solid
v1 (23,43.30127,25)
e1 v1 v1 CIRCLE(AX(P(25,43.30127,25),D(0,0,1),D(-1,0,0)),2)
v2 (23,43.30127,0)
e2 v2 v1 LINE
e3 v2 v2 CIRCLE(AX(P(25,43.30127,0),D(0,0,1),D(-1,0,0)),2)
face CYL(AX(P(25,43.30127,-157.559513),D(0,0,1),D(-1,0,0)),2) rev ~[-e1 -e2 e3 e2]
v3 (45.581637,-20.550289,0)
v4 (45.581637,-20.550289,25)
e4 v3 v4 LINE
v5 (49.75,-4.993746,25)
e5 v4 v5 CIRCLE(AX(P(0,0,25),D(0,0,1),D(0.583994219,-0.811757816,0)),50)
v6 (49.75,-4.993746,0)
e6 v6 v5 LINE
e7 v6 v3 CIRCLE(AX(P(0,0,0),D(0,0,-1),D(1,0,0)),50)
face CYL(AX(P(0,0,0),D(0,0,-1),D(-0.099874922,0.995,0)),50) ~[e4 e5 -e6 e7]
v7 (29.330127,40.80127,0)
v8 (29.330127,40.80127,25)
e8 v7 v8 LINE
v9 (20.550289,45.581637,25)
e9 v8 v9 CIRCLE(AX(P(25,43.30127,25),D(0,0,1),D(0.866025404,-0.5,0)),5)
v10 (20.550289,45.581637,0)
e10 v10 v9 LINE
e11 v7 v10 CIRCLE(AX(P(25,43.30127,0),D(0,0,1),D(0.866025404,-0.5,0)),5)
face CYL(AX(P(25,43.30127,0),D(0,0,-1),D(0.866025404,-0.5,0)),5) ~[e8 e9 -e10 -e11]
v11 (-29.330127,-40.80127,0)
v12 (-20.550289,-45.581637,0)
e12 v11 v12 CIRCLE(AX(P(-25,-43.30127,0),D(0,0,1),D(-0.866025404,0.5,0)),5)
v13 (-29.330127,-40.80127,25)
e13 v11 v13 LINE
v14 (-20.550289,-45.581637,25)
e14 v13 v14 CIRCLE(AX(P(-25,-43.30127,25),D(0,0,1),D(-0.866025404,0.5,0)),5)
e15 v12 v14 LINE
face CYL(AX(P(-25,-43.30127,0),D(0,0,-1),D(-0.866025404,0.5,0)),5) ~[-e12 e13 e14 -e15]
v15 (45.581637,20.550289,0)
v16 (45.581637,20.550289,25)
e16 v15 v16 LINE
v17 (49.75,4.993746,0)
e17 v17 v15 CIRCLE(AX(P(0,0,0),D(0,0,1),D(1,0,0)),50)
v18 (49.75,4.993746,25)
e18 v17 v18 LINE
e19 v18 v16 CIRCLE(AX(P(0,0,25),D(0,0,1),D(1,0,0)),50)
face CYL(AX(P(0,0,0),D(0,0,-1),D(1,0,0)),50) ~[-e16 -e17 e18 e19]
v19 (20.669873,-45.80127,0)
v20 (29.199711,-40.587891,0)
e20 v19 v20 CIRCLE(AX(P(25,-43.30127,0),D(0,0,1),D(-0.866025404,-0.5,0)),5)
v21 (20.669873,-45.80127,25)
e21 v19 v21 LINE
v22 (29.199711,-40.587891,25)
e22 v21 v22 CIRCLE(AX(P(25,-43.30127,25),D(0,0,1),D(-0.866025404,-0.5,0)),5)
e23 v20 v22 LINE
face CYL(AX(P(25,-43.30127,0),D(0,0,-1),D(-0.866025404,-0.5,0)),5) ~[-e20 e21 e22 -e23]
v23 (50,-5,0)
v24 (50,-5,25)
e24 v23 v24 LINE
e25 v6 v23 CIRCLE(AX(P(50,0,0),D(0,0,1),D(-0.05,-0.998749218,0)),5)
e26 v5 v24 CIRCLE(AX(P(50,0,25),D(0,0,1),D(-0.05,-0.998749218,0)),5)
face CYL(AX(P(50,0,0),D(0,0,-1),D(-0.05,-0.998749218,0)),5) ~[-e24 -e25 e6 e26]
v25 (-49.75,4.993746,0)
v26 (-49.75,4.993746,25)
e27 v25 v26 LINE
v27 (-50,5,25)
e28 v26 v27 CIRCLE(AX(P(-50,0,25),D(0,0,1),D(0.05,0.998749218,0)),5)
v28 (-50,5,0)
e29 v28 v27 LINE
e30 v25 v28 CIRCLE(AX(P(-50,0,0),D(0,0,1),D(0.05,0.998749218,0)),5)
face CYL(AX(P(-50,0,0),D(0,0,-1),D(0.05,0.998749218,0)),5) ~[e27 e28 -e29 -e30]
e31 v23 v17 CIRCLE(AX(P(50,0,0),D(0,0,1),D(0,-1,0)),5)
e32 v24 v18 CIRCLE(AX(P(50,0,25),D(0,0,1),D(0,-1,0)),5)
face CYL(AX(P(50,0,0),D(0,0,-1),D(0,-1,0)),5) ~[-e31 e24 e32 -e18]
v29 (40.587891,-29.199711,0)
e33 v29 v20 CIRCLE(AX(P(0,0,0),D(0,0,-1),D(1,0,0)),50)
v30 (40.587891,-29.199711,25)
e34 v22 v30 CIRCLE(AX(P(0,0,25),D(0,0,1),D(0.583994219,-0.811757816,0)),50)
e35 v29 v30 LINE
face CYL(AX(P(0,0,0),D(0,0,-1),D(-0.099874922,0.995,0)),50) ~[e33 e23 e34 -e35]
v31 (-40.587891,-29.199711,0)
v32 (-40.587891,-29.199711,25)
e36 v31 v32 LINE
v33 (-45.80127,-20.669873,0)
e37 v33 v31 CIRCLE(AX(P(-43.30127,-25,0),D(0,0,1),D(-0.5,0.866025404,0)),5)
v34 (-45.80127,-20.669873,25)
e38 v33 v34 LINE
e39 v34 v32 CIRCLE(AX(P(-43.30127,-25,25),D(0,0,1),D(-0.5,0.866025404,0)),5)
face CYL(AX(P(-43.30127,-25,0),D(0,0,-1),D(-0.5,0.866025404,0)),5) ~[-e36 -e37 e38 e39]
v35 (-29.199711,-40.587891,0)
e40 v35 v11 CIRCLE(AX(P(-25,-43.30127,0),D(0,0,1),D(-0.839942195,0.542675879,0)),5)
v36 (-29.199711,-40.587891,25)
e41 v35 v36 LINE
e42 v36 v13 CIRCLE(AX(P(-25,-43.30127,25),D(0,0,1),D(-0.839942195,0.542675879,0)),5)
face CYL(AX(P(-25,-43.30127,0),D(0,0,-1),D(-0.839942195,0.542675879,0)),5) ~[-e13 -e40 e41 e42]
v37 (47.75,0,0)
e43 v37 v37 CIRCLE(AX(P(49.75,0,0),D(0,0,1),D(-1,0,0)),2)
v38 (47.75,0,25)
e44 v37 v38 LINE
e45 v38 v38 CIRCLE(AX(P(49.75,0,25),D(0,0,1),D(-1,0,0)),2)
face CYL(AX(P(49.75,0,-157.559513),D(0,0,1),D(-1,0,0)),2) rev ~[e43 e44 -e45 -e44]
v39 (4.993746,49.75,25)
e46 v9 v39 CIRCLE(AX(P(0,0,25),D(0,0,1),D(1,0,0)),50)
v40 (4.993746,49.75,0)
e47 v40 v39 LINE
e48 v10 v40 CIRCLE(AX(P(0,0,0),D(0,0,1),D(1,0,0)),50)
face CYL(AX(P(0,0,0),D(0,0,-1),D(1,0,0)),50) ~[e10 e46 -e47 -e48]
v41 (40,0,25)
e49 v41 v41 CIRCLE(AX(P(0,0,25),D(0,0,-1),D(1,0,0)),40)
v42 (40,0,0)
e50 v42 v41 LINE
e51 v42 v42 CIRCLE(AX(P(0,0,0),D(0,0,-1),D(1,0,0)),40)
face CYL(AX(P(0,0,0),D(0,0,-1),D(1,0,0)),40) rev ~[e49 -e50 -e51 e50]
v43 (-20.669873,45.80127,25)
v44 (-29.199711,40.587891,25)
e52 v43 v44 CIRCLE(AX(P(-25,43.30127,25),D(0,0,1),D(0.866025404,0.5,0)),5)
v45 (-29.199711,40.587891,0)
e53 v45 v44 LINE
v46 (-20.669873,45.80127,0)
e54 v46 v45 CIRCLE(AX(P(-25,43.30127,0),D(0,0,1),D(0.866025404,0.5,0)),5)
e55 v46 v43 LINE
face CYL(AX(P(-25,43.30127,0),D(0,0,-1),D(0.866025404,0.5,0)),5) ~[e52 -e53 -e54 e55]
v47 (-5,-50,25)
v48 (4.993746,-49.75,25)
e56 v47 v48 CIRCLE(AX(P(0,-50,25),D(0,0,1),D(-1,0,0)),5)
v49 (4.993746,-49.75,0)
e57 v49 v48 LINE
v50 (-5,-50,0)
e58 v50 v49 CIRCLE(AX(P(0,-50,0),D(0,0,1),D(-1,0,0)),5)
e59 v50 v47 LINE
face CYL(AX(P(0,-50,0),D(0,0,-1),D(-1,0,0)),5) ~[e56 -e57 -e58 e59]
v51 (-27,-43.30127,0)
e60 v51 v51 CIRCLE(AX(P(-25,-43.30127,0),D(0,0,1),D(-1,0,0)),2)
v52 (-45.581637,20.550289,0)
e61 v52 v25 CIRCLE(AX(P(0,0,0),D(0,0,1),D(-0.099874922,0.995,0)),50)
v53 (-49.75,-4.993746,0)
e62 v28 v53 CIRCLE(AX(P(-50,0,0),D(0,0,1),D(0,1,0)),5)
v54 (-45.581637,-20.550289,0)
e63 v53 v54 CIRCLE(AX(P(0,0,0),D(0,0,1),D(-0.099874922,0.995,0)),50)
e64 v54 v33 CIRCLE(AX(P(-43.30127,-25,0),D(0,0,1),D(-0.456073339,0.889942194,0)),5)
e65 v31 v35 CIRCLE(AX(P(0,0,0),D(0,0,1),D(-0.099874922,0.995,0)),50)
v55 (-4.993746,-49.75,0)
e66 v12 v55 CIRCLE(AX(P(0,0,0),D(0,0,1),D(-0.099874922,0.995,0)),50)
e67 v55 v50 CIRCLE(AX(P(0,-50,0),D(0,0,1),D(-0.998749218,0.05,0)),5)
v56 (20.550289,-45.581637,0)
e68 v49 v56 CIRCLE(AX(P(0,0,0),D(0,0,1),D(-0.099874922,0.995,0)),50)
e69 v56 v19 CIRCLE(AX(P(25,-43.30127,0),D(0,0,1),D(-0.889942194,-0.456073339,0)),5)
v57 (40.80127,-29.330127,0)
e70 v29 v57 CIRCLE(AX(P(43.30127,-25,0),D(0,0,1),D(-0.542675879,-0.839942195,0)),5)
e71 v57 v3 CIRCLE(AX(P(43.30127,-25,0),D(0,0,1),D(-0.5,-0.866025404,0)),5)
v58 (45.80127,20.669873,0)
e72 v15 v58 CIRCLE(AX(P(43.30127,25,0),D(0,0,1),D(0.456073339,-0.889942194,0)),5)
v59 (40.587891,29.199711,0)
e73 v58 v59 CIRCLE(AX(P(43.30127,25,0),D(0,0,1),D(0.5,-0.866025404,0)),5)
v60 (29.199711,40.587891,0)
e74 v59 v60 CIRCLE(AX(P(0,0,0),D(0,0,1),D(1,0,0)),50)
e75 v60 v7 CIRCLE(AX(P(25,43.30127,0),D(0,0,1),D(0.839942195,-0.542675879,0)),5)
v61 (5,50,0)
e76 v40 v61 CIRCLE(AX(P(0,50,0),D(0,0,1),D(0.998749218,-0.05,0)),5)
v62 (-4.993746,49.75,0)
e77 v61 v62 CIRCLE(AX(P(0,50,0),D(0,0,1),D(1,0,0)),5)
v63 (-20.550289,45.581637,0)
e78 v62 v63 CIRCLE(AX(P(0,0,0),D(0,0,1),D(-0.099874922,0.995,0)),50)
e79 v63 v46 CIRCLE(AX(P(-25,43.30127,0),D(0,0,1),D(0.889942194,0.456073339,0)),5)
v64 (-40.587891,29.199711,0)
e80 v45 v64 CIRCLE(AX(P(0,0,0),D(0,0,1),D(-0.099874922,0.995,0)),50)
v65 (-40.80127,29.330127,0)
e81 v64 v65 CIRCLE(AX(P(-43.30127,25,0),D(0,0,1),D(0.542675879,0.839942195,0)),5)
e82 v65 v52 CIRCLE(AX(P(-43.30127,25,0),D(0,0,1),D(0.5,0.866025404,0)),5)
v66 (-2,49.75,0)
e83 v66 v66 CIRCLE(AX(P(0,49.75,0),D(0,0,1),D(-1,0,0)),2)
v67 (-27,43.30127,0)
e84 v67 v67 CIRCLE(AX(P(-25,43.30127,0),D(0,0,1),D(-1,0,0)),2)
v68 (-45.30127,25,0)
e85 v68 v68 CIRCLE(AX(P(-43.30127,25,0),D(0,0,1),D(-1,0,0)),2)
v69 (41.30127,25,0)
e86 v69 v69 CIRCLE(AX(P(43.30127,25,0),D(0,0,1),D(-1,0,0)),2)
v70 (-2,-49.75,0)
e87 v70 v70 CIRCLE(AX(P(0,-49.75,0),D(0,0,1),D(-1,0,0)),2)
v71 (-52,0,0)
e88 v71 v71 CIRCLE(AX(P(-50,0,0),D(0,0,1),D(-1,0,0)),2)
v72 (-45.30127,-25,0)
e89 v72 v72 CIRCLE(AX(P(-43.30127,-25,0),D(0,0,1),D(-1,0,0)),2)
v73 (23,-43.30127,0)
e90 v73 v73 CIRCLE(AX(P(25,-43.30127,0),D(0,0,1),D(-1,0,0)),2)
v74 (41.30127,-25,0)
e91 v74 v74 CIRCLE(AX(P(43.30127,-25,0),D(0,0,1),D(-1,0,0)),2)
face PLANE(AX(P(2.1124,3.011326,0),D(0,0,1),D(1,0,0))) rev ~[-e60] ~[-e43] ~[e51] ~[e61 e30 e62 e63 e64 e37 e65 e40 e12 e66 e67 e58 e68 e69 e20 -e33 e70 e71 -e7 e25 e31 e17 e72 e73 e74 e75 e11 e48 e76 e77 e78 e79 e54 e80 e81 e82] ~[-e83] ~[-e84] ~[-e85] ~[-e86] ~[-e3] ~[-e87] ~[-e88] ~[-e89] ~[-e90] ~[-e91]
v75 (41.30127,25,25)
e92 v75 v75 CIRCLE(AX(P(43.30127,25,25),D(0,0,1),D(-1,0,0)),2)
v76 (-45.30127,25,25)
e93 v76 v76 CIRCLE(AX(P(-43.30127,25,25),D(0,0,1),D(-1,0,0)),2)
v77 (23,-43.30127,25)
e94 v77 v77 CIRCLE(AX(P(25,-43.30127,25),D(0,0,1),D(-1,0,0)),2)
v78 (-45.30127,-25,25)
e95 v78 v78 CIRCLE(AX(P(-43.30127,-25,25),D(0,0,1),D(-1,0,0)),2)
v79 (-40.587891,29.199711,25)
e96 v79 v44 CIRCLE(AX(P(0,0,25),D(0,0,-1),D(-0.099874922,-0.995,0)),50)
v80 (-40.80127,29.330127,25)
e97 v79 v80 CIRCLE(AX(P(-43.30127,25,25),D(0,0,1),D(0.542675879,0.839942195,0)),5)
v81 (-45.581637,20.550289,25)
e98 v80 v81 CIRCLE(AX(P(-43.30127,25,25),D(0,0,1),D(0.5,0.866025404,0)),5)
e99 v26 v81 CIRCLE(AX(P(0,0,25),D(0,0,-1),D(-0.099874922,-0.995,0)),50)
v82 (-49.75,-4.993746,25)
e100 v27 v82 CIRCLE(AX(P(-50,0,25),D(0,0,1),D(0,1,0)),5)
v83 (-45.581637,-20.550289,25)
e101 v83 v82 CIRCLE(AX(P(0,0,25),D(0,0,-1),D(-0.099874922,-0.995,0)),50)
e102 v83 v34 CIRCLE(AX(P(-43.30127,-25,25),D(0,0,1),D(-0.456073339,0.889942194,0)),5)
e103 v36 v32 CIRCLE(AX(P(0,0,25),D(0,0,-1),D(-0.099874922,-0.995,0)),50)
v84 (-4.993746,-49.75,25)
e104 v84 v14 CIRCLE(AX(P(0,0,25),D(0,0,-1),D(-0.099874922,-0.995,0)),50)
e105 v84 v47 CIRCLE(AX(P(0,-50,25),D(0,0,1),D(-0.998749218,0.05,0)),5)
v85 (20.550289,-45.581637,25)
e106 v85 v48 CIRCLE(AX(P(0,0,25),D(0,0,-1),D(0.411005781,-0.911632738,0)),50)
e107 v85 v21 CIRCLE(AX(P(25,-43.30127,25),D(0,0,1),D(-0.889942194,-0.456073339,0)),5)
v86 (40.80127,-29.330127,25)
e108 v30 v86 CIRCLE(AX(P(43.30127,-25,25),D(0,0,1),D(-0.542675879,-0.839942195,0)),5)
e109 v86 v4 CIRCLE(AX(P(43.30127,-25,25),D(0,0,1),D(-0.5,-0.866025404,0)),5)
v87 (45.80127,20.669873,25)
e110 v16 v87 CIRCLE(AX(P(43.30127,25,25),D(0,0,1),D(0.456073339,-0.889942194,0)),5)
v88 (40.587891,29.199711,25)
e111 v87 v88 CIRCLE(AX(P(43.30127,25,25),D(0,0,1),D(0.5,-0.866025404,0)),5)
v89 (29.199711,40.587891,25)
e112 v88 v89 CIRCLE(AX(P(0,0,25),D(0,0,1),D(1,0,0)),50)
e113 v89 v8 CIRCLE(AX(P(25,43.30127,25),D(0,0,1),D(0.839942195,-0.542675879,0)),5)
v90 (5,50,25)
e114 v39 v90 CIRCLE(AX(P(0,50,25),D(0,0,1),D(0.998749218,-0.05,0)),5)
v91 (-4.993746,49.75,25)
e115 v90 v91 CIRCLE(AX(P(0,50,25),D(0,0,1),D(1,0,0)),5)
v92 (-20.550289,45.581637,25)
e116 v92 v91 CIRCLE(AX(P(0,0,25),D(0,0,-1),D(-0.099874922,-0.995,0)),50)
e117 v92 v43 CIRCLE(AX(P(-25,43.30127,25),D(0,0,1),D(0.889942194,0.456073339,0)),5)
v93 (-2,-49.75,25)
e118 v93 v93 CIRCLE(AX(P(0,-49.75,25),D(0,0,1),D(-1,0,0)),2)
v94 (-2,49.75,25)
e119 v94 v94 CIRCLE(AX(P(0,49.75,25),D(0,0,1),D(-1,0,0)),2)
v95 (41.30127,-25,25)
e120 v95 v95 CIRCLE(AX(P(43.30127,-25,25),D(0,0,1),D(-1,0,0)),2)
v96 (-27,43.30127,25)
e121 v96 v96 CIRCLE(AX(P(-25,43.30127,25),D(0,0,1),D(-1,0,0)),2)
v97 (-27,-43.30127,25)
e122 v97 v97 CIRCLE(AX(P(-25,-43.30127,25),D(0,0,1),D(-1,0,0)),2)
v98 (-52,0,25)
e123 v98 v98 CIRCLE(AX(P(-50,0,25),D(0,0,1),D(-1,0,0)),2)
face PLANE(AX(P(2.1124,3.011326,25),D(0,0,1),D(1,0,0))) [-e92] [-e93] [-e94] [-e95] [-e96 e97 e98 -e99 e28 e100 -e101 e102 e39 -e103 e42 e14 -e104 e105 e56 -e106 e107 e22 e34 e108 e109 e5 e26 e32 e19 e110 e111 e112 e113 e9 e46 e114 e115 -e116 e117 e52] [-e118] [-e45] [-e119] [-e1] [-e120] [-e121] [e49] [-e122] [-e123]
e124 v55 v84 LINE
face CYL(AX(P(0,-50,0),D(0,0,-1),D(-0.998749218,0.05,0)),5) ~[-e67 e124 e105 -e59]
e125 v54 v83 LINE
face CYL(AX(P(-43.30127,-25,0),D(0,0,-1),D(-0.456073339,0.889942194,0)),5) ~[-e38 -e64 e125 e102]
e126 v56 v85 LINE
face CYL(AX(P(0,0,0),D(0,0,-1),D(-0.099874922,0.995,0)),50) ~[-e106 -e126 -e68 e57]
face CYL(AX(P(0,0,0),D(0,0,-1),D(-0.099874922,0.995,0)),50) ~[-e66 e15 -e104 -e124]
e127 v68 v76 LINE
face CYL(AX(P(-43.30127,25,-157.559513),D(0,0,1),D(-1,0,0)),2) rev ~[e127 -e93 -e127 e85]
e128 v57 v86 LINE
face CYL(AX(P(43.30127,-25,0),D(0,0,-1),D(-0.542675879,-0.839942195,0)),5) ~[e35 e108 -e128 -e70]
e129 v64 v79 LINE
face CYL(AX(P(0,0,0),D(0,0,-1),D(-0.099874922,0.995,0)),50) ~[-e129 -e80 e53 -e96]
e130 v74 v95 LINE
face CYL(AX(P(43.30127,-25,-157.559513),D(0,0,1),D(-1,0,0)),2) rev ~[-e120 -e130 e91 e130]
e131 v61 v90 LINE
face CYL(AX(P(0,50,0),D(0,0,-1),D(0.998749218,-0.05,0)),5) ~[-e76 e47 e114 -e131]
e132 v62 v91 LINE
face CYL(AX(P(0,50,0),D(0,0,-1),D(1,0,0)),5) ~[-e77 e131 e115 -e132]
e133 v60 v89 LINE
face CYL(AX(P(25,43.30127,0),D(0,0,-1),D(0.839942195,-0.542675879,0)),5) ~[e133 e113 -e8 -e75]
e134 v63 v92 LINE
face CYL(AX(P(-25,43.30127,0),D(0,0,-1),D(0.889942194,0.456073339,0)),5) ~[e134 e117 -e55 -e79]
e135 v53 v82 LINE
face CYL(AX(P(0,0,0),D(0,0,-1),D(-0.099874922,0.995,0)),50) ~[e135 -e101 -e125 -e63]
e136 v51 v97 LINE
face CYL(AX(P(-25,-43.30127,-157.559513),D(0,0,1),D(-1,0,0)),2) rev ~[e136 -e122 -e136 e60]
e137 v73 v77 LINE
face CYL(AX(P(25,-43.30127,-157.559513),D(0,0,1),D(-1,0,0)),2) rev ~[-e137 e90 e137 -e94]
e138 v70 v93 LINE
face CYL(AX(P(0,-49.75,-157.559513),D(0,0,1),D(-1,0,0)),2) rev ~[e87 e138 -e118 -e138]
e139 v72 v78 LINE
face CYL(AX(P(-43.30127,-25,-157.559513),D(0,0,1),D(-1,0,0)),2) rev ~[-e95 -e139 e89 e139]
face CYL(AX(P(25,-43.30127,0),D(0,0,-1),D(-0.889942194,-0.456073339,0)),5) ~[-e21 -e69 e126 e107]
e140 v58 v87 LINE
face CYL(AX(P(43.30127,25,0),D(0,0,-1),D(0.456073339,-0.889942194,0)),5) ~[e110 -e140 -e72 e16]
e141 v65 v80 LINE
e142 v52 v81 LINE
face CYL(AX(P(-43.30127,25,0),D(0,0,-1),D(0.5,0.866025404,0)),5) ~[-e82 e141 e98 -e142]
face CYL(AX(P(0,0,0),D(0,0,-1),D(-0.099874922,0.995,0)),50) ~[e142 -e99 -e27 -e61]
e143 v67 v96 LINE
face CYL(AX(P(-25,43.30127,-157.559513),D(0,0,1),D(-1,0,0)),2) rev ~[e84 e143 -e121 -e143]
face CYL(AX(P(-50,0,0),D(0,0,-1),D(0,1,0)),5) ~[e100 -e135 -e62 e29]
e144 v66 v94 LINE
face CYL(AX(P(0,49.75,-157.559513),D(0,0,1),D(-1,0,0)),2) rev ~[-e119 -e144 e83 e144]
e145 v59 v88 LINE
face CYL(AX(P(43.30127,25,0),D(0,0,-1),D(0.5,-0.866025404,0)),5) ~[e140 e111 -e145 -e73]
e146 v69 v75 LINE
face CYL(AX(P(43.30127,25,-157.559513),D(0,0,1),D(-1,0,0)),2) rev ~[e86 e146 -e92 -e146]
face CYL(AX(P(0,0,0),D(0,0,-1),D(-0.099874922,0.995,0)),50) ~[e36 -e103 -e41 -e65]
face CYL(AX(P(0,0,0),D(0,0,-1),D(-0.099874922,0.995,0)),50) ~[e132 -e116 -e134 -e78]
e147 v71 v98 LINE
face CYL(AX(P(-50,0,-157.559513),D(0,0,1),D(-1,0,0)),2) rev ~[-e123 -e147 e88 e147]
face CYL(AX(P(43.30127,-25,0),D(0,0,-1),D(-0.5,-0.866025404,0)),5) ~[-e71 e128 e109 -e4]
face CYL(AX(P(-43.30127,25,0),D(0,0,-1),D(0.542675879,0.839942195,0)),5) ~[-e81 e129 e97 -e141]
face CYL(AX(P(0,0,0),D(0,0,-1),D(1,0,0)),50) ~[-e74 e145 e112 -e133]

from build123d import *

# Parameters (mm, degrees)
F1_DEPTH = 25
F2_COUNT = 12
F5_D     = 4
F6_R     = 40
F7_DEPTH = 25.001


with BuildPart() as f1:
    # F0 (on Top) → F1 (new body)
    with BuildSketch(Plane.XY):
        with BuildLine():
            ThreePointArc((-4.9937460889, 49.75), (-33.5433502766, -37.0788841825), (50, 0))
            ThreePointArc((50, 0), (37.0788841825, 33.5433502766), (4.9937460889, 49.75))
            ThreePointArc((4.9937460889, 49.75), (0, 45), (-4.9937460889, 49.75))
        make_face()
        with BuildLine():
            ThreePointArc((-4.9937460889, 49.75), (0, 45), (4.9937460889, 49.75))
            ThreePointArc((4.9937460889, 49.75), (0, 50), (-4.9937460889, 49.75))
        make_face()
        with BuildLine():
            ThreePointArc((-4.9937460889, 49.75), (0, 50), (4.9937460889, 49.75))
            ThreePointArc((4.9937460889, 49.75), (4.9984362777, 49.8749608947), (5, 50))
            ThreePointArc((5, 50), (-0.1250391053, 54.9984362777), (-4.9937460889, 49.75))
        make_face()
    extrude(amount=F1_DEPTH)


with BuildPart() as f2_1:
    # F2: instance of F1
    add(f1.part.rotate(Axis((0, 0, 0), (0, 0, -1)), 1 * 360 / F2_COUNT))


with BuildPart() as f2_2:
    # F2: instance of F1
    add(f1.part.rotate(Axis((0, 0, 0), (0, 0, -1)), 2 * 360 / F2_COUNT))


with BuildPart() as f2_3:
    # F2: instance of F1
    add(f1.part.rotate(Axis((0, 0, 0), (0, 0, -1)), 3 * 360 / F2_COUNT))


with BuildPart() as f2_4:
    # F2: instance of F1
    add(f1.part.rotate(Axis((0, 0, 0), (0, 0, -1)), 4 * 360 / F2_COUNT))


with BuildPart() as f2_5:
    # F2: instance of F1
    add(f1.part.rotate(Axis((0, 0, 0), (0, 0, -1)), 5 * 360 / F2_COUNT))


with BuildPart() as f2_6:
    # F2: instance of F1
    add(f1.part.rotate(Axis((0, 0, 0), (0, 0, -1)), 6 * 360 / F2_COUNT))


with BuildPart() as f2_7:
    # F2: instance of F1
    add(f1.part.rotate(Axis((0, 0, 0), (0, 0, -1)), 7 * 360 / F2_COUNT))


with BuildPart() as f2_8:
    # F2: instance of F1
    add(f1.part.rotate(Axis((0, 0, 0), (0, 0, -1)), 8 * 360 / F2_COUNT))


with BuildPart() as f2_9:
    # F2: instance of F1
    add(f1.part.rotate(Axis((0, 0, 0), (0, 0, -1)), 9 * 360 / F2_COUNT))


with BuildPart() as f2_10:
    # F2: instance of F1
    add(f1.part.rotate(Axis((0, 0, 0), (0, 0, -1)), 10 * 360 / F2_COUNT))


with BuildPart() as f2_11:
    # F2: instance of F1
    add(f1.part.rotate(Axis((0, 0, 0), (0, 0, -1)), 11 * 360 / F2_COUNT))


with BuildPart() as f1_1:
    add(f1.part)

    # F3: union F2_5, F2_6, F2_1, F2_2, F2_3, F2_4, F2_11, F2_10, F2_7, F2_8, F2_9
    add(f2_5.part)
    add(f2_6.part)
    add(f2_1.part)
    add(f2_2.part)
    add(f2_3.part)
    add(f2_4.part)
    add(f2_11.part)
    add(f2_10.part)
    add(f2_7.part)
    add(f2_8.part)
    add(f2_9.part)

    # F5 (through all)
    with Locations(Plane(origin=(0, 0, 0), x_dir=(1, 0, 0), z_dir=(0, 0, -1))):
        with Locations((43.3012701892, -25), (25, -43.3012701892), (0, -49.75), (-25, -43.3012701892), (-43.3012701892, -25), (-50, 0), (-43.3012701892, 25), (-25, 43.3012701892), (0, 49.75), (25, 43.3012701892), (43.3012701892, 25), (49.75, 0)):
            Hole(F5_D / 2)

    # F6 (on face) → F7 (cut, through all)
    with BuildSketch(Plane(origin=(0, 0, 0), x_dir=(1, 0, 0), z_dir=(0, 0, -1))):
        Circle(F6_R)
    extrude(amount=-F7_DEPTH, mode=Mode.SUBTRACT)


solid = f1_1.part
